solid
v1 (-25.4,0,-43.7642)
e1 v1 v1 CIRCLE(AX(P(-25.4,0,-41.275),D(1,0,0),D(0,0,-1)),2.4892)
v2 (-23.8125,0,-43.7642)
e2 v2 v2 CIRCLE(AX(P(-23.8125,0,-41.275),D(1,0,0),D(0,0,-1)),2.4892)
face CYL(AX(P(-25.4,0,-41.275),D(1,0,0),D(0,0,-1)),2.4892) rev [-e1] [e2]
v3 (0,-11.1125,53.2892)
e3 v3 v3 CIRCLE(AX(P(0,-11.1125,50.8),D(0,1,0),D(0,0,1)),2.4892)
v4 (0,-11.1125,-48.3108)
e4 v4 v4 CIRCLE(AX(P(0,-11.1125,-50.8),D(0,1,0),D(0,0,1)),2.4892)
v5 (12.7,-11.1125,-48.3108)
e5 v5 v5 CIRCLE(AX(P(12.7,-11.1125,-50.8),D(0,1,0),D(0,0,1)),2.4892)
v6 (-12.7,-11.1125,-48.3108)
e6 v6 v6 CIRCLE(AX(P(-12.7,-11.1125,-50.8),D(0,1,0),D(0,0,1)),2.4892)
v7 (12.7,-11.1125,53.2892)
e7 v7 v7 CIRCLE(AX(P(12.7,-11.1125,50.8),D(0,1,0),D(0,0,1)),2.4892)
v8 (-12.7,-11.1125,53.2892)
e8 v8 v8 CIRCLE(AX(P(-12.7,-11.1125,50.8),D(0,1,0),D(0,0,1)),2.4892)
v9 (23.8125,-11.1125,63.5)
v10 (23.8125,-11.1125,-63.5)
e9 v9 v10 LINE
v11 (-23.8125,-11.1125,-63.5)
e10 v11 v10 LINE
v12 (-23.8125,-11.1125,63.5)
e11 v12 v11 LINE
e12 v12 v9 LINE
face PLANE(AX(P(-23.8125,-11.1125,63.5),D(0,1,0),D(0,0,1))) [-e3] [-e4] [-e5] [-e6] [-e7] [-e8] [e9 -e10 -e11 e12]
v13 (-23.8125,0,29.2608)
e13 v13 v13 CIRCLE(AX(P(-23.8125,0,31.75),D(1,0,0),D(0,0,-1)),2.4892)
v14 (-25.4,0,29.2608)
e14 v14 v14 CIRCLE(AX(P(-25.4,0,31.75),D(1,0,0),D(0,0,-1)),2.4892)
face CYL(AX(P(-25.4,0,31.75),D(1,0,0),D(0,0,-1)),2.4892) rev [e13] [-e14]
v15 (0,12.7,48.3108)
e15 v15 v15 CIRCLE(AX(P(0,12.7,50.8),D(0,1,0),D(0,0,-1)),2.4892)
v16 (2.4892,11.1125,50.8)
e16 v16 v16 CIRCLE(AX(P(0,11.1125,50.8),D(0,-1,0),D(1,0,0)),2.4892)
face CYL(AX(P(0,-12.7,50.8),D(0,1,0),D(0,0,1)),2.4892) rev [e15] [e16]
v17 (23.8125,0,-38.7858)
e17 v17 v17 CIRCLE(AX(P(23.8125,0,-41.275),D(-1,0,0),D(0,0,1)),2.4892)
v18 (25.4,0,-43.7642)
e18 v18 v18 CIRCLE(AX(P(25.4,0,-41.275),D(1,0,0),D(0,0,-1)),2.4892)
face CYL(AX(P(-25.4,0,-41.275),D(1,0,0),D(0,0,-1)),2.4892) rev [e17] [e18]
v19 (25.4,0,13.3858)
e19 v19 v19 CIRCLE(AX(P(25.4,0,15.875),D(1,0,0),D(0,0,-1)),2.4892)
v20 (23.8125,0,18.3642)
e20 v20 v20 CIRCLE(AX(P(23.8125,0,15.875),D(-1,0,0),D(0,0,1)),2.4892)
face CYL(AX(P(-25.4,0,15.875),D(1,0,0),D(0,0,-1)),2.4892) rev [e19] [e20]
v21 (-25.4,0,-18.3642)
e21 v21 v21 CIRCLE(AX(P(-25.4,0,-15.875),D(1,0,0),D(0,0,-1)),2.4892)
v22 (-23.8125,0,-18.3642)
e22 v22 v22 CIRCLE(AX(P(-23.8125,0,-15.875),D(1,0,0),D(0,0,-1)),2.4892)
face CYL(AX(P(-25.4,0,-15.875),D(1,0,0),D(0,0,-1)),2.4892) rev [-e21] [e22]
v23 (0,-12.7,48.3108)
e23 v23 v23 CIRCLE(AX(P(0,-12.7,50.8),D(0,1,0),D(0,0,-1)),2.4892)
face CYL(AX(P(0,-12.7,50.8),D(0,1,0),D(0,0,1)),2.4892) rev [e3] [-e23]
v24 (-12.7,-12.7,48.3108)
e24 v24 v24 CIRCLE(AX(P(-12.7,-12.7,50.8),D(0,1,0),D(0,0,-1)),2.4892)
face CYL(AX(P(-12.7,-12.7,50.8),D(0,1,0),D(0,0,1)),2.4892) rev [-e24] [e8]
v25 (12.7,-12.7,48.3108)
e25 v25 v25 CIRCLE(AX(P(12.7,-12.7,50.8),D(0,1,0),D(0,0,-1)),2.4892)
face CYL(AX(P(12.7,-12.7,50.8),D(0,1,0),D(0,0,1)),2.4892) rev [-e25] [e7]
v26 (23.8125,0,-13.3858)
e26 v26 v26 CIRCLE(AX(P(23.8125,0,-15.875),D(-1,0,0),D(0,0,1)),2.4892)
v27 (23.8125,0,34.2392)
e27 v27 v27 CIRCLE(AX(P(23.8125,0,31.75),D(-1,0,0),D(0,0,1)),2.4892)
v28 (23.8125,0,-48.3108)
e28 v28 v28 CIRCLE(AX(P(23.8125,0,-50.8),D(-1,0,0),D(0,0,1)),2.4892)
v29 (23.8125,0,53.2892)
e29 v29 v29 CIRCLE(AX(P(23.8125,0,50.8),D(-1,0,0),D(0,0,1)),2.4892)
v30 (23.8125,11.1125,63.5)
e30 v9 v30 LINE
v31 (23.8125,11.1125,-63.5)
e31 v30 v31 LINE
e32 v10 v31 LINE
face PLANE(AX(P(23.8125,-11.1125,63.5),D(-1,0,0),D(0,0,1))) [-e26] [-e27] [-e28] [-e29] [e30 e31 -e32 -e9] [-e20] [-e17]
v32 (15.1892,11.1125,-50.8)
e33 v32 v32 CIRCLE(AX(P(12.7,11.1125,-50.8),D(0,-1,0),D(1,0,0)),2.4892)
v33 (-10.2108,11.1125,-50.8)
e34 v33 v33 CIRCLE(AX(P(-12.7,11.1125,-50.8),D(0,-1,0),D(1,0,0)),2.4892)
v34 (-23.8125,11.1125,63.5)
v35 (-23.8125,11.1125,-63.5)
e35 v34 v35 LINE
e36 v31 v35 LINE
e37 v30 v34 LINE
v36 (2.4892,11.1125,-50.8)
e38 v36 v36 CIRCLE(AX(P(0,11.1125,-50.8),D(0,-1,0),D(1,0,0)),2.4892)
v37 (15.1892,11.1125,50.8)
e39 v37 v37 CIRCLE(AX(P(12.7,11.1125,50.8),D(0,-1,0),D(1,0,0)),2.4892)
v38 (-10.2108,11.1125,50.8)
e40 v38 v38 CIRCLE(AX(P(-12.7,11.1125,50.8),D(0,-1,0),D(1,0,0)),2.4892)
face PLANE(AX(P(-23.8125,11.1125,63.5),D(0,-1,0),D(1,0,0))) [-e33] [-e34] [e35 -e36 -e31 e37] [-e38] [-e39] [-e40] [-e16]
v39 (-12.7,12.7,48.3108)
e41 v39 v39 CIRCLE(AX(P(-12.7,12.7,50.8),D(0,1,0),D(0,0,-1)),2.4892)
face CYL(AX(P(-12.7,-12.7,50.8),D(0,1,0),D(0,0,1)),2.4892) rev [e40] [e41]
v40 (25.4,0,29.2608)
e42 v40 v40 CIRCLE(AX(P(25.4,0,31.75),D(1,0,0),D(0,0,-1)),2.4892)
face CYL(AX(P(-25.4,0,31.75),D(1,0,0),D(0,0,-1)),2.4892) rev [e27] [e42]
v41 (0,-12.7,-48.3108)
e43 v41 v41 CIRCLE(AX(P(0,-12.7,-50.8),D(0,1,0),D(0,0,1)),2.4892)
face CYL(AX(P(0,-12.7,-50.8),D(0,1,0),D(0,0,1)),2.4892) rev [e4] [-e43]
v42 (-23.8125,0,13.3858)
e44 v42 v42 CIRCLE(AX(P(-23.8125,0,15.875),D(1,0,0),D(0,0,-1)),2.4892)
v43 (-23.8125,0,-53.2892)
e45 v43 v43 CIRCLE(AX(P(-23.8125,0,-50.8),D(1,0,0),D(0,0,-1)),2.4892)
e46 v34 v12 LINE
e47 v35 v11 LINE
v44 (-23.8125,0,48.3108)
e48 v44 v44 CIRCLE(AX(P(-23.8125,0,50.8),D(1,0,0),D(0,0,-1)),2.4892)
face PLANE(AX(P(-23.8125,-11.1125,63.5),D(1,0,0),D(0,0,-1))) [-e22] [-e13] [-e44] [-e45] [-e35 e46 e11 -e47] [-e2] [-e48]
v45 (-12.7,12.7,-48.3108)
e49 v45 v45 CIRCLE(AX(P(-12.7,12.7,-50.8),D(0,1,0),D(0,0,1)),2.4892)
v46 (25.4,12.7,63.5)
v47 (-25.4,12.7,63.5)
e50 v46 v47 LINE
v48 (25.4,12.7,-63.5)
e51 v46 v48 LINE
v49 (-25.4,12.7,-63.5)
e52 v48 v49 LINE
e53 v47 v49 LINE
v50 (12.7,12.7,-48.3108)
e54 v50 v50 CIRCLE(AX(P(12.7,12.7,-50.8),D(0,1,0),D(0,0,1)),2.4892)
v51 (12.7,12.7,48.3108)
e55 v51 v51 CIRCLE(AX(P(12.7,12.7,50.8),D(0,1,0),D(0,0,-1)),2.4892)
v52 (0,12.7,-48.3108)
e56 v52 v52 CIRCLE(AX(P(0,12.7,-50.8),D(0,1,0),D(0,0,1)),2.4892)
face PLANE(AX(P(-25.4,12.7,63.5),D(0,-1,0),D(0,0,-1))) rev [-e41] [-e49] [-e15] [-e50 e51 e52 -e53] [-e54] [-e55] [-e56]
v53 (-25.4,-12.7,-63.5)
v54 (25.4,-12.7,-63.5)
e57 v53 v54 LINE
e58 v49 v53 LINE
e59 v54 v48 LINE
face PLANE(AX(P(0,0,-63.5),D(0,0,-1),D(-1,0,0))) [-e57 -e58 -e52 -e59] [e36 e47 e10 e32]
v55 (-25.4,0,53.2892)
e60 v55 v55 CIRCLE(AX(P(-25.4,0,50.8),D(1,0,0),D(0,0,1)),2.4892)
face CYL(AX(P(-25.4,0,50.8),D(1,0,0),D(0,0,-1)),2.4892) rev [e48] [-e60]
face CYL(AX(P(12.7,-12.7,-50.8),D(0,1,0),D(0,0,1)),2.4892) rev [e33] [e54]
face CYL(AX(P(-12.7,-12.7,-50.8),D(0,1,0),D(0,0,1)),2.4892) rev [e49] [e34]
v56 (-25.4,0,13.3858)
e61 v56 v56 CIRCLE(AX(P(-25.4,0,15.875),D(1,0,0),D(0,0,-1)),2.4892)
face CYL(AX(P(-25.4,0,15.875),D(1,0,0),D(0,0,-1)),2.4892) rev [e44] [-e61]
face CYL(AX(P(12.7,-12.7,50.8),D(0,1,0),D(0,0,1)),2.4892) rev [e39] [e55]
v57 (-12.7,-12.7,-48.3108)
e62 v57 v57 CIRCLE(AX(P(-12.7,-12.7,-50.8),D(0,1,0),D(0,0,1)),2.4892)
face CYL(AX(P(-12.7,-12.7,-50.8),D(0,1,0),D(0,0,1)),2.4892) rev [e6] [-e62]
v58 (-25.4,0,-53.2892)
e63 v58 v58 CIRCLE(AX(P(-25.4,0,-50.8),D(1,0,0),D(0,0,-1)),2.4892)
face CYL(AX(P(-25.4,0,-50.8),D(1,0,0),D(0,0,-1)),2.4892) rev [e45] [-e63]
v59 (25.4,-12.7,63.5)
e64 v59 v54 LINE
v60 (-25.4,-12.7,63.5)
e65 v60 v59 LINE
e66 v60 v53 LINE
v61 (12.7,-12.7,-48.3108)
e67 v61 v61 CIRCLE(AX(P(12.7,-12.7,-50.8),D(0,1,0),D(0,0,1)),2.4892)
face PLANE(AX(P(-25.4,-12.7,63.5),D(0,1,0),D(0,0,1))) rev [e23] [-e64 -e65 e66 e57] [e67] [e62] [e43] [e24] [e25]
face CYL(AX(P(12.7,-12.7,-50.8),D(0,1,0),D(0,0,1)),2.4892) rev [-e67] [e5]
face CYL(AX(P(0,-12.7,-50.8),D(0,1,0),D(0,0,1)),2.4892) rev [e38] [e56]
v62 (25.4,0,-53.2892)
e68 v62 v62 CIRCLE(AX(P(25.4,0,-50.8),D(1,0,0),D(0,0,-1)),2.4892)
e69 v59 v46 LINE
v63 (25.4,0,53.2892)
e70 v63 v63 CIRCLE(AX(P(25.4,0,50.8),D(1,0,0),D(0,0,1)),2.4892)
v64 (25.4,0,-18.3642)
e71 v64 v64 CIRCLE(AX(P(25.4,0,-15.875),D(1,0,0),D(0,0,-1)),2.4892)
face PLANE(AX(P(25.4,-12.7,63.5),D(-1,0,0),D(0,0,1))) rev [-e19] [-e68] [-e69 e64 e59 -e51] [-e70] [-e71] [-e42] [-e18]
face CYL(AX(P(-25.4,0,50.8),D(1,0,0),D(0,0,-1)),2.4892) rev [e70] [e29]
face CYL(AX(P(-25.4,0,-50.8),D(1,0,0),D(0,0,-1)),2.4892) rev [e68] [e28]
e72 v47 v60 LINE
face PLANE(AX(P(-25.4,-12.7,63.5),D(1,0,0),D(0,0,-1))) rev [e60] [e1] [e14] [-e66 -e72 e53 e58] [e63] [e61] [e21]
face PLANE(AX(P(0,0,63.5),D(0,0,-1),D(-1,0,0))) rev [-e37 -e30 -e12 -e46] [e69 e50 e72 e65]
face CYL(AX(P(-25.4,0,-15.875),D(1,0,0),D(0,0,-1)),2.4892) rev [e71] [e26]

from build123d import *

# Parameters (mm, degrees)
SKETCH1_W           = 50.8
SKETCH1_H           = 25.4
SKETCH1_W_2         = 47.625
SKETCH1_H_2         = 22.225
BOSS_EXTRUDE1_DEPTH = 63.5
SKETCH2_R           = 2.4892
CUT_EXTRUDE1_DEPTH  = 26.4
SKETCH3_R           = 2.4892
CUT_EXTRUDE2_DEPTH  = 51.8


with BuildPart() as part:
    # Sketch1 → Boss-Extrude1 (new body, symmetric)
    with BuildSketch(Plane.XY):
        Rectangle(SKETCH1_W, SKETCH1_H)
        Rectangle(SKETCH1_W_2, SKETCH1_H_2, mode=Mode.SUBTRACT)
    extrude(amount=BOSS_EXTRUDE1_DEPTH, both=True)

    # Sketch2 → Cut-Extrude1 (cut, through all)
    with BuildSketch(Plane(origin=(0, 12.7, 0), x_dir=(1, 0, 0), z_dir=(0, 1, 0))):
        with Locations((-12.7, 50.8)):
            Circle(SKETCH2_R)
        with Locations((0, 50.8)):
            Circle(SKETCH2_R)
        with Locations((12.7, 50.8)):
            Circle(SKETCH2_R)
        with Locations((12.7, -50.8)):
            Circle(SKETCH2_R)
        with Locations((0, -50.8)):
            Circle(SKETCH2_R)
        with Locations((-12.7, -50.8)):
            Circle(SKETCH2_R)
    extrude(amount=-CUT_EXTRUDE1_DEPTH, mode=Mode.SUBTRACT)

    # Sketch3 → Cut-Extrude2 (cut, through all)
    with BuildSketch(Plane(origin=(25.4, 0, 0), x_dir=(0, 0, -1), z_dir=(1, 0, 0))):
        with Locations((50.8, 0)):
            Circle(SKETCH3_R)
        with Locations((41.275, 0)):
            Circle(SKETCH3_R)
        with Locations((15.875, 0)):
            Circle(SKETCH3_R)
        with Locations((-50.8, 0)):
            Circle(SKETCH3_R)
        with Locations((-31.75, 0)):
            Circle(SKETCH3_R)
        with Locations((-15.875, 0)):
            Circle(SKETCH3_R)
    extrude(amount=-CUT_EXTRUDE2_DEPTH, mode=Mode.SUBTRACT)


solid = part.part
